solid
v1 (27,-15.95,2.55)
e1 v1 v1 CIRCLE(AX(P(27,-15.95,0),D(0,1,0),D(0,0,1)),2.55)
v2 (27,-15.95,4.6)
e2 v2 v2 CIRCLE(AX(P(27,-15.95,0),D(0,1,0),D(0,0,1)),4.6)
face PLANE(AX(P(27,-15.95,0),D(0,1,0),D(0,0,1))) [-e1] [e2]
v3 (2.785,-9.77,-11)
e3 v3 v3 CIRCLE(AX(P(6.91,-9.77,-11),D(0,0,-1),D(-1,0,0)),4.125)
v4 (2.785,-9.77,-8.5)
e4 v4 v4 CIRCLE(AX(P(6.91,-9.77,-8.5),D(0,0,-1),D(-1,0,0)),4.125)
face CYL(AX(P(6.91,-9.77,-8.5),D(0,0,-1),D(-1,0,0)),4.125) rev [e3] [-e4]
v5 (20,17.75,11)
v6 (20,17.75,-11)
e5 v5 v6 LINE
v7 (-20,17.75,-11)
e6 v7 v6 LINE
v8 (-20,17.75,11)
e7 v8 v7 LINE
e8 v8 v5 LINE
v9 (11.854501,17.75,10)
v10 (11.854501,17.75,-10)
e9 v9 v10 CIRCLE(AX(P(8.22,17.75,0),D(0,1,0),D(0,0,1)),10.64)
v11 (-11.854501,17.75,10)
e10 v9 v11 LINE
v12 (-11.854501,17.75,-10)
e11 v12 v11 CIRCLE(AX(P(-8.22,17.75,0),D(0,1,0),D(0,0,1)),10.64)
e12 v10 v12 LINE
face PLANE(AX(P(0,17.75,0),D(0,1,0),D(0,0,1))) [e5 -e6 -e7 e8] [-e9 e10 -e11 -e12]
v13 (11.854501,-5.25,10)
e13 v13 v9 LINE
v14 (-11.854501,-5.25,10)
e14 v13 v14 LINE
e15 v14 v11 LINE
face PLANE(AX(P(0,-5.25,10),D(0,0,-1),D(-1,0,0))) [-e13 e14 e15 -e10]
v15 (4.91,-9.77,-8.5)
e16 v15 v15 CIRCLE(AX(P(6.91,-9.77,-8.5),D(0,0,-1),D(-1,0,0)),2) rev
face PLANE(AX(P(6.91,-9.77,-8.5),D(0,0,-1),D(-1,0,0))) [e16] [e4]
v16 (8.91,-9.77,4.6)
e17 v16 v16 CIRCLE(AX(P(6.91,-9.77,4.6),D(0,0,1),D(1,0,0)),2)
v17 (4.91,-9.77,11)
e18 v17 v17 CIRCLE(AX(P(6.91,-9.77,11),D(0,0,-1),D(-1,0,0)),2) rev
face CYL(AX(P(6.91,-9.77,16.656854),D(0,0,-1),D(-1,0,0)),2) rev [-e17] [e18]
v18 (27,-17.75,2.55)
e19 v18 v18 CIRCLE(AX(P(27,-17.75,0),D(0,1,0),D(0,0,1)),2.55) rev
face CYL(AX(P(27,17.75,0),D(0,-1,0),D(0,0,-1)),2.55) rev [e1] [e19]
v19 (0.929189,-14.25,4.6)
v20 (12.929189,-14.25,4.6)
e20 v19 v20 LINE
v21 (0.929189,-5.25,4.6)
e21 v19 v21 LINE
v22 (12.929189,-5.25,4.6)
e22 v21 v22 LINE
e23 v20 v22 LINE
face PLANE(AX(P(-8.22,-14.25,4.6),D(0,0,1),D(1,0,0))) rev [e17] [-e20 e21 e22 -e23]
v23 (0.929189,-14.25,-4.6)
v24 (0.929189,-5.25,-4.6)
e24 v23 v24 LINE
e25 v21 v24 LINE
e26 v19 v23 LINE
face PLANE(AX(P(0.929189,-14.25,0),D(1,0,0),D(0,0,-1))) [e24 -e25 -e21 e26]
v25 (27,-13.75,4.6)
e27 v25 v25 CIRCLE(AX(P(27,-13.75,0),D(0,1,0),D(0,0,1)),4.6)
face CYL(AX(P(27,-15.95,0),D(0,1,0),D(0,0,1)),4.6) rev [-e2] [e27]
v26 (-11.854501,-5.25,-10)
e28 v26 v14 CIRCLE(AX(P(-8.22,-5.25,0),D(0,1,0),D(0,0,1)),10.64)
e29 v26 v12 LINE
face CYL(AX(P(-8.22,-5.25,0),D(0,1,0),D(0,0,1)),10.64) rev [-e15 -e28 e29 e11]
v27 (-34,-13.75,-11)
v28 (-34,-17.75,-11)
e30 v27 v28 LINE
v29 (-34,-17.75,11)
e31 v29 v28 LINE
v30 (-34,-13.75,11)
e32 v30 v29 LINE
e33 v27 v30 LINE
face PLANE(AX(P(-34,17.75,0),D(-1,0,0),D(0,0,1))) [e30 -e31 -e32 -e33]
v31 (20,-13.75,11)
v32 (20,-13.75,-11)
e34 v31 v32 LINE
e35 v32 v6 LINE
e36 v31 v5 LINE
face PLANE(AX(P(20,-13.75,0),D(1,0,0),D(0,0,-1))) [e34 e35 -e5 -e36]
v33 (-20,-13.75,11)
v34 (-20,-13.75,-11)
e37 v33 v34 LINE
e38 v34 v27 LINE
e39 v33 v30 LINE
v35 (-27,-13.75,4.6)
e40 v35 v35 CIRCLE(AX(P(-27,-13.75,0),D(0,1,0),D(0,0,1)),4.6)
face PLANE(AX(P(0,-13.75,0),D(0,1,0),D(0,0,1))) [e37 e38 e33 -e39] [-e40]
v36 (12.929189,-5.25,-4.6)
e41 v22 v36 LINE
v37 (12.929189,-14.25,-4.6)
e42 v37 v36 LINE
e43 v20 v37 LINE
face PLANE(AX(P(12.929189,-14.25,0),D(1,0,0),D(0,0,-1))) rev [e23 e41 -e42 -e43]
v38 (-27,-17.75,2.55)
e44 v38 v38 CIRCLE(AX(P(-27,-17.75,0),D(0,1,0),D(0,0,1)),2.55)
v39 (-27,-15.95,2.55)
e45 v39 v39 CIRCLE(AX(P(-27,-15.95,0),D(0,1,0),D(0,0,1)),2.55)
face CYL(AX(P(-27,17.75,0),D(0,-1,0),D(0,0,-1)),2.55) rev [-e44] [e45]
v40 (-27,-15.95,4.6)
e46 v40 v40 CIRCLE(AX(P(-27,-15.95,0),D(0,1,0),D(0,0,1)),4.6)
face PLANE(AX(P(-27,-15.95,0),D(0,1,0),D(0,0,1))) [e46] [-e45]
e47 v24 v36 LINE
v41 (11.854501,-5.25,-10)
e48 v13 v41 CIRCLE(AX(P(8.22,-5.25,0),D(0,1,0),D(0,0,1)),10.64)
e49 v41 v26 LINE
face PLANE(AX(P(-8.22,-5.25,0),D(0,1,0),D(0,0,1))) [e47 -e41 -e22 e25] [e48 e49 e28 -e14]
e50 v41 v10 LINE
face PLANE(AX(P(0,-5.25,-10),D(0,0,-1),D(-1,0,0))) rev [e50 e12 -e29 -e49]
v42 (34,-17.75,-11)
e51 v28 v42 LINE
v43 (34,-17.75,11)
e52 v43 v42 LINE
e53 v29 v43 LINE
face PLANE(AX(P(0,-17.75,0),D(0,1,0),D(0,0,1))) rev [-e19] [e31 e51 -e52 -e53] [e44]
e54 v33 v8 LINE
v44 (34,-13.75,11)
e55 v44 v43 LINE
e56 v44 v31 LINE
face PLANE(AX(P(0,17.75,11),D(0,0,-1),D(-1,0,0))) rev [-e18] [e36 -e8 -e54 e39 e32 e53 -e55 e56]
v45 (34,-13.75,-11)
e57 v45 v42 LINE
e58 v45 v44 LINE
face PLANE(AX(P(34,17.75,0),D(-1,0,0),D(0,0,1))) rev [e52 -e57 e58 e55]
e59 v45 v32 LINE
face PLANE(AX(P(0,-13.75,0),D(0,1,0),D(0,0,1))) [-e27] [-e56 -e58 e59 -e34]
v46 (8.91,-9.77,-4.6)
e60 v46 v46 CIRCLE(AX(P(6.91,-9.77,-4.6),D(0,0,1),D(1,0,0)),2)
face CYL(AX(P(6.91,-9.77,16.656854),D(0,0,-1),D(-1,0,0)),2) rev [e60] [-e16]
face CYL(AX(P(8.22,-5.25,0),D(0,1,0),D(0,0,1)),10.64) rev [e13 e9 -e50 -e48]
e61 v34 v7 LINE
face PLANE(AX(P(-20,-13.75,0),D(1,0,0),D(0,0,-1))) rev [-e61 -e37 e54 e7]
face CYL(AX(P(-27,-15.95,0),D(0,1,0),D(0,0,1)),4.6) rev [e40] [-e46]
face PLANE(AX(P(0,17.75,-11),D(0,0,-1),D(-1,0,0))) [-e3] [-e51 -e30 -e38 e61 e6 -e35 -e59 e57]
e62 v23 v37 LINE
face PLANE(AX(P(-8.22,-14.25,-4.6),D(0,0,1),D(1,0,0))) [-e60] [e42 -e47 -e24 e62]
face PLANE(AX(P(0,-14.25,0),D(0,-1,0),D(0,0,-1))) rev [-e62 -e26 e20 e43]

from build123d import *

# Parameters (mm, degrees)
SKETCH1_W           = 14
SKETCH1_H           = 22
SKETCH1_R           = 4.6
SKETCH1_R_2         = 2.55
SKETCH1_W_2         = 40
SKETCH1_W_3         = 12
SKETCH1_H_2         = 9.2
BOSS_EXTRUDE1_DEPTH = 17.75
CUT_EXTRUDE1_START  = -13.75
SKETCH1_5_W         = 14
SKETCH1_5_H         = 22
SKETCH1_5_R         = 4.6
SKETCH1_5_R_2       = 2.55
CUT_EXTRUDE1_DEPTH  = 31.5
CUT_EXTRUDE2_START  = -15.95
SKETCH1_6_R         = 4.6
SKETCH1_6_R_2       = 2.55
CUT_EXTRUDE2_DEPTH  = 2.2
CUT_EXTRUDE3_START  = 17.75
SKETCH1_7_W         = 12
SKETCH1_7_H         = 9.2
CUT_EXTRUDE3_DEPTH  = 23
CUT_EXTRUDE4_START  = -5.25
SKETCH1_8_W         = 12
SKETCH1_8_H         = 9.2
CUT_EXTRUDE4_DEPTH  = 9
CUT_EXTRUDE5_REACH  = 46.216
SKETCH2_R           = 2
SKETCH2_3_R         = 4.125
CUT_EXTRUDE6_DEPTH  = 2.5


with BuildPart() as part:
    # Sketch1 → Boss-Extrude1 (new, symmetric)
    # profile 1 of 7: a face of its own
    with BuildSketch(Plane(origin=(0, 0, 0), x_dir=(1, 0, 0), z_dir=(0, 1, 0))):
        with Locations((-27, 0)):
            Rectangle(SKETCH1_W, SKETCH1_H)
        with Locations((-27, 0)):
            Circle(SKETCH1_R, mode=Mode.SUBTRACT)
    # profile 2 of 7: a face of its own
    with BuildSketch(Plane(origin=(0, 0, 0), x_dir=(1, 0, 0), z_dir=(0, 1, 0))):
        with Locations((-27, 0)):
            Circle(SKETCH1_R)
        with Locations(Location((-27, 0, 0), (0, 0, 270))):
            Circle(SKETCH1_R_2, mode=Mode.SUBTRACT)
    # profile 3 of 7: a face of its own
    with BuildSketch(Plane(origin=(0, 0, 0), x_dir=(1, 0, 0), z_dir=(0, 1, 0))):
        Rectangle(SKETCH1_W_2, SKETCH1_H)
        with BuildLine():
            Line((11.854501341, -10), (-11.854501341, -10))
            ThreePointArc((-11.854501341, -10), (-18.86, 0), (-11.854501341, 10))
            Line((-11.854501341, 10), (11.854501341, 10))
            ThreePointArc((11.854501341, 10), (18.86, 0), (11.854501341, -10))
        make_face(mode=Mode.SUBTRACT)
    # profile 4 of 7: a face of its own
    with BuildSketch(Plane(origin=(0, 0, 0), x_dir=(1, 0, 0), z_dir=(0, 1, 0))):
        with BuildLine():
            ThreePointArc((11.854501341, 10), (18.86, 0), (11.854501341, -10))
            Line((11.854501341, -10), (-11.854501341, -10))
            ThreePointArc((-11.854501341, -10), (-18.86, 0), (-11.854501341, 10))
            Line((-11.854501341, 10), (11.854501341, 10))
        make_face()
        with Locations((6.92918915, 0)):
            Rectangle(SKETCH1_W_3, SKETCH1_H_2, mode=Mode.SUBTRACT)
    # profile 5 of 7: a face of its own
    with BuildSketch(Plane(origin=(0, 0, 0), x_dir=(1, 0, 0), z_dir=(0, 1, 0))):
        with Locations((6.92918915, 0)):
            Rectangle(SKETCH1_W_3, SKETCH1_H_2)
    # profile 6 of 7: a face of its own
    with BuildSketch(Plane(origin=(0, 0, 0), x_dir=(1, 0, 0), z_dir=(0, 1, 0))):
        with Locations((27, 0)):
            Rectangle(SKETCH1_W, SKETCH1_H)
        with Locations((27, 0)):
            Circle(SKETCH1_R, mode=Mode.SUBTRACT)
    # profile 7 of 7: a face of its own
    with BuildSketch(Plane(origin=(0, 0, 0), x_dir=(1, 0, 0), z_dir=(0, 1, 0))):
        with Locations((27, 0)):
            Circle(SKETCH1_R)
        with Locations(Location((27, 0, 0), (0, 0, 270))):
            Circle(SKETCH1_R_2, mode=Mode.SUBTRACT)
    extrude(amount=BOSS_EXTRUDE1_DEPTH, both=True)

    # Sketch1<5> → Cut-Extrude1 (cut)
    # profile 1 of 4: a face of its own
    with BuildSketch(Plane(origin=(0, 0, 0), x_dir=(1, 0, 0), z_dir=(0, 1, 0)).offset(CUT_EXTRUDE1_START)):
        with Locations((-27, 0)):
            Rectangle(SKETCH1_5_W, SKETCH1_5_H)
        with Locations((-27, 0)):
            Circle(SKETCH1_5_R, mode=Mode.SUBTRACT)
    # profile 2 of 4: a face of its own
    with BuildSketch(Plane(origin=(0, 0, 0), x_dir=(1, 0, 0), z_dir=(0, 1, 0)).offset(CUT_EXTRUDE1_START)):
        with Locations((27, 0)):
            Rectangle(SKETCH1_5_W, SKETCH1_5_H)
        with Locations((27, 0)):
            Circle(SKETCH1_5_R, mode=Mode.SUBTRACT)
    # profile 3 of 4: a face of its own
    with BuildSketch(Plane(origin=(0, 0, 0), x_dir=(1, 0, 0), z_dir=(0, 1, 0)).offset(CUT_EXTRUDE1_START)):
        with Locations((-27, 0)):
            Circle(SKETCH1_5_R)
        with Locations(Location((-27, 0, 0), (0, 0, 270))):
            Circle(SKETCH1_5_R_2, mode=Mode.SUBTRACT)
    # profile 4 of 4: a face of its own
    with BuildSketch(Plane(origin=(0, 0, 0), x_dir=(1, 0, 0), z_dir=(0, 1, 0)).offset(CUT_EXTRUDE1_START)):
        with Locations((27, 0)):
            Circle(SKETCH1_5_R)
        with Locations(Location((27, 0, 0), (0, 0, 270))):
            Circle(SKETCH1_5_R_2, mode=Mode.SUBTRACT)
    extrude(amount=CUT_EXTRUDE1_DEPTH, mode=Mode.SUBTRACT)

    # Sketch1<6> → Cut-Extrude2 (cut)
    # profile 1 of 2: a face of its own
    with BuildSketch(Plane(origin=(0, 0, 0), x_dir=(1, 0, 0), z_dir=(0, 1, 0)).offset(CUT_EXTRUDE2_START)):
        with Locations(Location((-27, 0, 0), (0, 0, 270))):
            Circle(SKETCH1_6_R)
        with Locations(Location((-27, 0, 0), (0, 0, 270))):
            Circle(SKETCH1_6_R_2, mode=Mode.SUBTRACT)
    # profile 2 of 2: a face of its own
    with BuildSketch(Plane(origin=(0, 0, 0), x_dir=(1, 0, 0), z_dir=(0, 1, 0)).offset(CUT_EXTRUDE2_START)):
        with Locations(Location((27, 0, 0), (0, 0, 270))):
            Circle(SKETCH1_6_R)
        with Locations(Location((27, 0, 0), (0, 0, 270))):
            Circle(SKETCH1_6_R_2, mode=Mode.SUBTRACT)
    extrude(amount=CUT_EXTRUDE2_DEPTH, mode=Mode.SUBTRACT)

    # Sketch1<7> → Cut-Extrude3 (cut)
    # profile 1 of 2: a face of its own
    with BuildSketch(Plane(origin=(0, 0, 0), x_dir=(1, 0, 0), z_dir=(0, 1, 0)).offset(CUT_EXTRUDE3_START)):
        with BuildLine():
            ThreePointArc((11.854501341, 10), (18.86, 0), (11.854501341, -10))
            Line((11.854501341, -10), (-11.854501341, -10))
            ThreePointArc((-11.854501341, -10), (-18.86, 0), (-11.854501341, 10))
            Line((-11.854501341, 10), (11.854501341, 10))
        make_face()
        with Locations((6.92918915, 0)):
            Rectangle(SKETCH1_7_W, SKETCH1_7_H, mode=Mode.SUBTRACT)
    # profile 2 of 2: a face of its own
    with BuildSketch(Plane(origin=(0, 0, 0), x_dir=(1, 0, 0), z_dir=(0, 1, 0)).offset(CUT_EXTRUDE3_START)):
        with Locations((6.92918915, 0)):
            Rectangle(SKETCH1_7_W, SKETCH1_7_H)
    extrude(amount=-CUT_EXTRUDE3_DEPTH, mode=Mode.SUBTRACT)

    # Sketch1<8> → Cut-Extrude4 (cut)
    with BuildSketch(Plane(origin=(0, 0, 0), x_dir=(1, 0, 0), z_dir=(0, 1, 0)).offset(CUT_EXTRUDE4_START)):
        with Locations((6.92918915, 0)):
            Rectangle(SKETCH1_8_W, SKETCH1_8_H)
    extrude(amount=-CUT_EXTRUDE4_DEPTH, mode=Mode.SUBTRACT)

    # Cut-Extrude5: up to this face of the body (flat: up to its plane)
    cut_extrude5_end = Plane(part.part.faces().sort_by_distance((0, -1.151436031, 11))[0])
    # Sketch2 → Cut-Extrude5 (cut, up to the picked face)
    with BuildSketch(Plane(origin=(0, 0, -11), x_dir=(-1, 0, 0), z_dir=(0, 0, -1)), mode=Mode.PRIVATE) as cut_extrude5_sk1:
        with Locations((-6.91, -9.77)):
            Circle(SKETCH2_R)
    cut_extrude5_tool1 = split(extrude(cut_extrude5_sk1.sketch, amount=-CUT_EXTRUDE5_REACH, mode=Mode.PRIVATE), bisect_by=cut_extrude5_end, keep=Keep.BOTH, mode=Mode.PRIVATE)
    add(cut_extrude5_tool1.solids().sort_by(Axis((6.91, -9.77, -11), (0, 0, 1)))[0], mode=Mode.SUBTRACT)

    # Sketch2<3> → Cut-Extrude6 (cut)
    with BuildSketch(Plane(origin=(0, 0, -11), x_dir=(-1, 0, 0), z_dir=(0, 0, -1))):
        with Locations((-6.91, -9.77)):
            Circle(SKETCH2_3_R)
    extrude(amount=-CUT_EXTRUDE6_DEPTH, mode=Mode.SUBTRACT)


solid = part.part
